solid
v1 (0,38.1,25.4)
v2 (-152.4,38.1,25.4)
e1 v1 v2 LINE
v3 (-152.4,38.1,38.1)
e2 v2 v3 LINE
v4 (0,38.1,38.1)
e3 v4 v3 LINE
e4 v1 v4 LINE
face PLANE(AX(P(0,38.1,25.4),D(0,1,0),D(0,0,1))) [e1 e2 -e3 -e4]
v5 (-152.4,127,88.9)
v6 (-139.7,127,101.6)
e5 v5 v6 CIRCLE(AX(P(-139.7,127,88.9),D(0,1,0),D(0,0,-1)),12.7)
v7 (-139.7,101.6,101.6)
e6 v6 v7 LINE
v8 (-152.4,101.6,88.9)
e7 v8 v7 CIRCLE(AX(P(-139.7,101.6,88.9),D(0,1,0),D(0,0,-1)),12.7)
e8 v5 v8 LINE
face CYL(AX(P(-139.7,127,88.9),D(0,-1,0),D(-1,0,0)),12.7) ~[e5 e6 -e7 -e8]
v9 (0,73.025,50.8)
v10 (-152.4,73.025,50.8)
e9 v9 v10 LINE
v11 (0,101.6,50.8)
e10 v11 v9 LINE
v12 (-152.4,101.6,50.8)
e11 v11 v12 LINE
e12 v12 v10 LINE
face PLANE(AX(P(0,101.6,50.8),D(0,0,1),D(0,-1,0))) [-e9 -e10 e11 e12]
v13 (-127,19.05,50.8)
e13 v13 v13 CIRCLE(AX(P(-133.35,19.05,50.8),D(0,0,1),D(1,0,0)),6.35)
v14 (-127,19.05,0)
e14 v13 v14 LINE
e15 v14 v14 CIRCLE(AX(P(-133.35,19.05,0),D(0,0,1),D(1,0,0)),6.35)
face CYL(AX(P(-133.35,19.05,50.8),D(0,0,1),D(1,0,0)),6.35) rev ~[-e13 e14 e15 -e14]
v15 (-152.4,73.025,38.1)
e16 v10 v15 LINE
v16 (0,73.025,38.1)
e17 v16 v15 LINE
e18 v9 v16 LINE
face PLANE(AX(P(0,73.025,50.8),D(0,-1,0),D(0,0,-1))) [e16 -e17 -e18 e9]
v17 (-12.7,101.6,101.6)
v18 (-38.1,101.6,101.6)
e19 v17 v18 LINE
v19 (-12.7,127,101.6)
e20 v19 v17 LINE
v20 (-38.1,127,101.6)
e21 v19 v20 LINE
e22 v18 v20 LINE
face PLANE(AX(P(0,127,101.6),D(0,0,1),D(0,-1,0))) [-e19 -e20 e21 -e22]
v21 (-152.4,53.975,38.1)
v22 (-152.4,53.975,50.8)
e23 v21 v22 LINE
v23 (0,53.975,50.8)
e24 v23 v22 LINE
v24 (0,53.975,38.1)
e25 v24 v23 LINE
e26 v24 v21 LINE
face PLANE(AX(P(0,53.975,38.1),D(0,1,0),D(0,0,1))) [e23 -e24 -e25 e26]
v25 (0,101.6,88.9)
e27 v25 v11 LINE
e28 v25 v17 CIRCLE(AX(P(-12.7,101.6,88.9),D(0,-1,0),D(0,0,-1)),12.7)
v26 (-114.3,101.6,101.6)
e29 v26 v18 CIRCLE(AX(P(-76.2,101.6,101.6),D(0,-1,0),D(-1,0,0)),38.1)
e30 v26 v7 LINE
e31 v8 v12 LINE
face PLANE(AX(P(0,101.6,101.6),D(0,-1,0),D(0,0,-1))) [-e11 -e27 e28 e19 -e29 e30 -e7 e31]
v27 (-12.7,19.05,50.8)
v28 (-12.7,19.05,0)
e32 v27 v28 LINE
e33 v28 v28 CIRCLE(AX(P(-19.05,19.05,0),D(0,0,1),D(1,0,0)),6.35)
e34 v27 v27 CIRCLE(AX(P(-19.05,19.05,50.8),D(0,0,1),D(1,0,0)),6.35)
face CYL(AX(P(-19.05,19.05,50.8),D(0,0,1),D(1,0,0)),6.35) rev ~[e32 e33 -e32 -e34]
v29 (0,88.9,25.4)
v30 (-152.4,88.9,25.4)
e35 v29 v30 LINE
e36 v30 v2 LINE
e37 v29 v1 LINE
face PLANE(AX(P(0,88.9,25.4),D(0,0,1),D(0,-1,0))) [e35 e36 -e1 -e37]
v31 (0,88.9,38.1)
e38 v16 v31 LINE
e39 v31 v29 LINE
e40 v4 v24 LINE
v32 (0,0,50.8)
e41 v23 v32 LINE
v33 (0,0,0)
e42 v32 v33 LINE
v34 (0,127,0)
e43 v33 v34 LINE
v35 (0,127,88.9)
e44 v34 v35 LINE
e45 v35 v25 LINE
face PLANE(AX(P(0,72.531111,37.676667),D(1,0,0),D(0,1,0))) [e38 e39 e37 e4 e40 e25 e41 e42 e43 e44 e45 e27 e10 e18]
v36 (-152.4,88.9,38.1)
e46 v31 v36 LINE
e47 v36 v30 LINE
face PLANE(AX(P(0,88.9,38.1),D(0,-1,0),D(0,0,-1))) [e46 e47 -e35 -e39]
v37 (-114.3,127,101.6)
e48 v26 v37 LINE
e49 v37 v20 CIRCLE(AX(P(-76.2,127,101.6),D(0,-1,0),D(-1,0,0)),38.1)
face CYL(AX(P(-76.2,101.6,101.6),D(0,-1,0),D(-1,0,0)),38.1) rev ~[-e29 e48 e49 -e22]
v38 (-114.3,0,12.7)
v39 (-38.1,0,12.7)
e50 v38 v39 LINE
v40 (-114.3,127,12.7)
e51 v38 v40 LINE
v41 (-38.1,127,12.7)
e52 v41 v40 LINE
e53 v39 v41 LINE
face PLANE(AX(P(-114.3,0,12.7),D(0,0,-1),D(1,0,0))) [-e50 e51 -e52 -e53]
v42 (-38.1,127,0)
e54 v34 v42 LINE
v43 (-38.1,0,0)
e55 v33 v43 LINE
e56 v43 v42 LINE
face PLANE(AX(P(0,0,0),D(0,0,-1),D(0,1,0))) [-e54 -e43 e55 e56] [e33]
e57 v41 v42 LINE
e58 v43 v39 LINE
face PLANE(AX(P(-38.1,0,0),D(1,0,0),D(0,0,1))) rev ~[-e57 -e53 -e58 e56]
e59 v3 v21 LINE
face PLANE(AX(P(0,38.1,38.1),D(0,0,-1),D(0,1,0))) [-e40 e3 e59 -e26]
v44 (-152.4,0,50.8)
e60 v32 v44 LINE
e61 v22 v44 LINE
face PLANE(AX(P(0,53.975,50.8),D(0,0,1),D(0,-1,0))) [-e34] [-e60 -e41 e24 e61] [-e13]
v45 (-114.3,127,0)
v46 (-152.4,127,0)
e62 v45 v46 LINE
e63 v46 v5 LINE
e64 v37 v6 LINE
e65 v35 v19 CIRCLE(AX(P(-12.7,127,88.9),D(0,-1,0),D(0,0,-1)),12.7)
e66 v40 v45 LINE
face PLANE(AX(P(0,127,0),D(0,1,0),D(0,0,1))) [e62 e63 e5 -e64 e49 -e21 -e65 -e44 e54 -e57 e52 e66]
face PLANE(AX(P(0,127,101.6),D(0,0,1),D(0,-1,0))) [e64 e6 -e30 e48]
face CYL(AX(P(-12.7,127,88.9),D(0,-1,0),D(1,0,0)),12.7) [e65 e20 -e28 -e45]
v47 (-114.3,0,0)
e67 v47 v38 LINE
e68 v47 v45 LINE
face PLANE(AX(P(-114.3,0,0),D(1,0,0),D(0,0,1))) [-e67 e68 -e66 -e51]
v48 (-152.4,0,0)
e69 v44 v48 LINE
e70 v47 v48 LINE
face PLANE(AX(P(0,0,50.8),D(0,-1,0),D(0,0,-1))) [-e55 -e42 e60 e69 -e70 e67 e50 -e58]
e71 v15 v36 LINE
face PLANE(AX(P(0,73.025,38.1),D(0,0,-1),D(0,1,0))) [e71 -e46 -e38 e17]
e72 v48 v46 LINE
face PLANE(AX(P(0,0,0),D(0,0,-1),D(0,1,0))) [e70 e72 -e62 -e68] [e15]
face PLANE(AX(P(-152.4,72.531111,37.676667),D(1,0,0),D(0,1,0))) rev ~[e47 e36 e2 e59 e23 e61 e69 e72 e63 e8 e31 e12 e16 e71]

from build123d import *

# Parameters (mm, degrees)
F1_DEPTH = 152.4
F2_W     = 76.2
F2_H     = 12.7
F3_DEPTH = 127.001
F5_DEPTH = 25.4
F6_R     = 12.7
F7_R     = 6.35
F8_DEPTH = 50.801


with BuildPart() as f1:
    # F0 (on Right) → F1 (new body)
    with BuildSketch(Plane.YZ):
        Polygon((0, 50.8), (0, 0), (127, 0), (127, 101.6), (101.6, 101.6), (101.6, 50.8), (73.025, 50.8), (73.025, 38.1), (88.9, 38.1), (88.9, 25.4), (38.1, 25.4), (38.1, 38.1), (53.975, 38.1), (53.975, 50.8), align=None)
    extrude(amount=-F1_DEPTH)

    # F2 (on face) → F3 (cut, through all)
    with BuildSketch(Plane.XZ):
        with Locations((-76.2, 6.35)):
            Rectangle(F2_W, F2_H)
    extrude(amount=-F3_DEPTH, mode=Mode.SUBTRACT)

    # F4 (on face) → F5 (cut, through all)
    with BuildSketch(Plane.XZ.offset(-101.6)):
        with BuildLine():
            Line((-38.1, 101.6), (-114.3, 101.6))
            ThreePointArc((-114.3, 101.6), (-76.2, 63.5), (-38.1, 101.6))
        make_face()
    extrude(amount=-F5_DEPTH, mode=Mode.SUBTRACT)

    # F6
    f6_edges = [f1.edges().sort_by_distance(p)[0] for p in [
        (0, 114.3, 101.6),
        (-152.4, 114.3, 101.6),
    ]]
    fillet(f6_edges, radius=F6_R)

    # F7 (on face) → F8 (cut, through all)
    with BuildSketch(Plane.XY.offset(50.8)):
        with Locations((-133.35, 19.05)):
            Circle(F7_R)
        with Locations((-19.05, 19.05)):
            Circle(F7_R)
    extrude(amount=-F8_DEPTH, mode=Mode.SUBTRACT)


solid = f1.part
